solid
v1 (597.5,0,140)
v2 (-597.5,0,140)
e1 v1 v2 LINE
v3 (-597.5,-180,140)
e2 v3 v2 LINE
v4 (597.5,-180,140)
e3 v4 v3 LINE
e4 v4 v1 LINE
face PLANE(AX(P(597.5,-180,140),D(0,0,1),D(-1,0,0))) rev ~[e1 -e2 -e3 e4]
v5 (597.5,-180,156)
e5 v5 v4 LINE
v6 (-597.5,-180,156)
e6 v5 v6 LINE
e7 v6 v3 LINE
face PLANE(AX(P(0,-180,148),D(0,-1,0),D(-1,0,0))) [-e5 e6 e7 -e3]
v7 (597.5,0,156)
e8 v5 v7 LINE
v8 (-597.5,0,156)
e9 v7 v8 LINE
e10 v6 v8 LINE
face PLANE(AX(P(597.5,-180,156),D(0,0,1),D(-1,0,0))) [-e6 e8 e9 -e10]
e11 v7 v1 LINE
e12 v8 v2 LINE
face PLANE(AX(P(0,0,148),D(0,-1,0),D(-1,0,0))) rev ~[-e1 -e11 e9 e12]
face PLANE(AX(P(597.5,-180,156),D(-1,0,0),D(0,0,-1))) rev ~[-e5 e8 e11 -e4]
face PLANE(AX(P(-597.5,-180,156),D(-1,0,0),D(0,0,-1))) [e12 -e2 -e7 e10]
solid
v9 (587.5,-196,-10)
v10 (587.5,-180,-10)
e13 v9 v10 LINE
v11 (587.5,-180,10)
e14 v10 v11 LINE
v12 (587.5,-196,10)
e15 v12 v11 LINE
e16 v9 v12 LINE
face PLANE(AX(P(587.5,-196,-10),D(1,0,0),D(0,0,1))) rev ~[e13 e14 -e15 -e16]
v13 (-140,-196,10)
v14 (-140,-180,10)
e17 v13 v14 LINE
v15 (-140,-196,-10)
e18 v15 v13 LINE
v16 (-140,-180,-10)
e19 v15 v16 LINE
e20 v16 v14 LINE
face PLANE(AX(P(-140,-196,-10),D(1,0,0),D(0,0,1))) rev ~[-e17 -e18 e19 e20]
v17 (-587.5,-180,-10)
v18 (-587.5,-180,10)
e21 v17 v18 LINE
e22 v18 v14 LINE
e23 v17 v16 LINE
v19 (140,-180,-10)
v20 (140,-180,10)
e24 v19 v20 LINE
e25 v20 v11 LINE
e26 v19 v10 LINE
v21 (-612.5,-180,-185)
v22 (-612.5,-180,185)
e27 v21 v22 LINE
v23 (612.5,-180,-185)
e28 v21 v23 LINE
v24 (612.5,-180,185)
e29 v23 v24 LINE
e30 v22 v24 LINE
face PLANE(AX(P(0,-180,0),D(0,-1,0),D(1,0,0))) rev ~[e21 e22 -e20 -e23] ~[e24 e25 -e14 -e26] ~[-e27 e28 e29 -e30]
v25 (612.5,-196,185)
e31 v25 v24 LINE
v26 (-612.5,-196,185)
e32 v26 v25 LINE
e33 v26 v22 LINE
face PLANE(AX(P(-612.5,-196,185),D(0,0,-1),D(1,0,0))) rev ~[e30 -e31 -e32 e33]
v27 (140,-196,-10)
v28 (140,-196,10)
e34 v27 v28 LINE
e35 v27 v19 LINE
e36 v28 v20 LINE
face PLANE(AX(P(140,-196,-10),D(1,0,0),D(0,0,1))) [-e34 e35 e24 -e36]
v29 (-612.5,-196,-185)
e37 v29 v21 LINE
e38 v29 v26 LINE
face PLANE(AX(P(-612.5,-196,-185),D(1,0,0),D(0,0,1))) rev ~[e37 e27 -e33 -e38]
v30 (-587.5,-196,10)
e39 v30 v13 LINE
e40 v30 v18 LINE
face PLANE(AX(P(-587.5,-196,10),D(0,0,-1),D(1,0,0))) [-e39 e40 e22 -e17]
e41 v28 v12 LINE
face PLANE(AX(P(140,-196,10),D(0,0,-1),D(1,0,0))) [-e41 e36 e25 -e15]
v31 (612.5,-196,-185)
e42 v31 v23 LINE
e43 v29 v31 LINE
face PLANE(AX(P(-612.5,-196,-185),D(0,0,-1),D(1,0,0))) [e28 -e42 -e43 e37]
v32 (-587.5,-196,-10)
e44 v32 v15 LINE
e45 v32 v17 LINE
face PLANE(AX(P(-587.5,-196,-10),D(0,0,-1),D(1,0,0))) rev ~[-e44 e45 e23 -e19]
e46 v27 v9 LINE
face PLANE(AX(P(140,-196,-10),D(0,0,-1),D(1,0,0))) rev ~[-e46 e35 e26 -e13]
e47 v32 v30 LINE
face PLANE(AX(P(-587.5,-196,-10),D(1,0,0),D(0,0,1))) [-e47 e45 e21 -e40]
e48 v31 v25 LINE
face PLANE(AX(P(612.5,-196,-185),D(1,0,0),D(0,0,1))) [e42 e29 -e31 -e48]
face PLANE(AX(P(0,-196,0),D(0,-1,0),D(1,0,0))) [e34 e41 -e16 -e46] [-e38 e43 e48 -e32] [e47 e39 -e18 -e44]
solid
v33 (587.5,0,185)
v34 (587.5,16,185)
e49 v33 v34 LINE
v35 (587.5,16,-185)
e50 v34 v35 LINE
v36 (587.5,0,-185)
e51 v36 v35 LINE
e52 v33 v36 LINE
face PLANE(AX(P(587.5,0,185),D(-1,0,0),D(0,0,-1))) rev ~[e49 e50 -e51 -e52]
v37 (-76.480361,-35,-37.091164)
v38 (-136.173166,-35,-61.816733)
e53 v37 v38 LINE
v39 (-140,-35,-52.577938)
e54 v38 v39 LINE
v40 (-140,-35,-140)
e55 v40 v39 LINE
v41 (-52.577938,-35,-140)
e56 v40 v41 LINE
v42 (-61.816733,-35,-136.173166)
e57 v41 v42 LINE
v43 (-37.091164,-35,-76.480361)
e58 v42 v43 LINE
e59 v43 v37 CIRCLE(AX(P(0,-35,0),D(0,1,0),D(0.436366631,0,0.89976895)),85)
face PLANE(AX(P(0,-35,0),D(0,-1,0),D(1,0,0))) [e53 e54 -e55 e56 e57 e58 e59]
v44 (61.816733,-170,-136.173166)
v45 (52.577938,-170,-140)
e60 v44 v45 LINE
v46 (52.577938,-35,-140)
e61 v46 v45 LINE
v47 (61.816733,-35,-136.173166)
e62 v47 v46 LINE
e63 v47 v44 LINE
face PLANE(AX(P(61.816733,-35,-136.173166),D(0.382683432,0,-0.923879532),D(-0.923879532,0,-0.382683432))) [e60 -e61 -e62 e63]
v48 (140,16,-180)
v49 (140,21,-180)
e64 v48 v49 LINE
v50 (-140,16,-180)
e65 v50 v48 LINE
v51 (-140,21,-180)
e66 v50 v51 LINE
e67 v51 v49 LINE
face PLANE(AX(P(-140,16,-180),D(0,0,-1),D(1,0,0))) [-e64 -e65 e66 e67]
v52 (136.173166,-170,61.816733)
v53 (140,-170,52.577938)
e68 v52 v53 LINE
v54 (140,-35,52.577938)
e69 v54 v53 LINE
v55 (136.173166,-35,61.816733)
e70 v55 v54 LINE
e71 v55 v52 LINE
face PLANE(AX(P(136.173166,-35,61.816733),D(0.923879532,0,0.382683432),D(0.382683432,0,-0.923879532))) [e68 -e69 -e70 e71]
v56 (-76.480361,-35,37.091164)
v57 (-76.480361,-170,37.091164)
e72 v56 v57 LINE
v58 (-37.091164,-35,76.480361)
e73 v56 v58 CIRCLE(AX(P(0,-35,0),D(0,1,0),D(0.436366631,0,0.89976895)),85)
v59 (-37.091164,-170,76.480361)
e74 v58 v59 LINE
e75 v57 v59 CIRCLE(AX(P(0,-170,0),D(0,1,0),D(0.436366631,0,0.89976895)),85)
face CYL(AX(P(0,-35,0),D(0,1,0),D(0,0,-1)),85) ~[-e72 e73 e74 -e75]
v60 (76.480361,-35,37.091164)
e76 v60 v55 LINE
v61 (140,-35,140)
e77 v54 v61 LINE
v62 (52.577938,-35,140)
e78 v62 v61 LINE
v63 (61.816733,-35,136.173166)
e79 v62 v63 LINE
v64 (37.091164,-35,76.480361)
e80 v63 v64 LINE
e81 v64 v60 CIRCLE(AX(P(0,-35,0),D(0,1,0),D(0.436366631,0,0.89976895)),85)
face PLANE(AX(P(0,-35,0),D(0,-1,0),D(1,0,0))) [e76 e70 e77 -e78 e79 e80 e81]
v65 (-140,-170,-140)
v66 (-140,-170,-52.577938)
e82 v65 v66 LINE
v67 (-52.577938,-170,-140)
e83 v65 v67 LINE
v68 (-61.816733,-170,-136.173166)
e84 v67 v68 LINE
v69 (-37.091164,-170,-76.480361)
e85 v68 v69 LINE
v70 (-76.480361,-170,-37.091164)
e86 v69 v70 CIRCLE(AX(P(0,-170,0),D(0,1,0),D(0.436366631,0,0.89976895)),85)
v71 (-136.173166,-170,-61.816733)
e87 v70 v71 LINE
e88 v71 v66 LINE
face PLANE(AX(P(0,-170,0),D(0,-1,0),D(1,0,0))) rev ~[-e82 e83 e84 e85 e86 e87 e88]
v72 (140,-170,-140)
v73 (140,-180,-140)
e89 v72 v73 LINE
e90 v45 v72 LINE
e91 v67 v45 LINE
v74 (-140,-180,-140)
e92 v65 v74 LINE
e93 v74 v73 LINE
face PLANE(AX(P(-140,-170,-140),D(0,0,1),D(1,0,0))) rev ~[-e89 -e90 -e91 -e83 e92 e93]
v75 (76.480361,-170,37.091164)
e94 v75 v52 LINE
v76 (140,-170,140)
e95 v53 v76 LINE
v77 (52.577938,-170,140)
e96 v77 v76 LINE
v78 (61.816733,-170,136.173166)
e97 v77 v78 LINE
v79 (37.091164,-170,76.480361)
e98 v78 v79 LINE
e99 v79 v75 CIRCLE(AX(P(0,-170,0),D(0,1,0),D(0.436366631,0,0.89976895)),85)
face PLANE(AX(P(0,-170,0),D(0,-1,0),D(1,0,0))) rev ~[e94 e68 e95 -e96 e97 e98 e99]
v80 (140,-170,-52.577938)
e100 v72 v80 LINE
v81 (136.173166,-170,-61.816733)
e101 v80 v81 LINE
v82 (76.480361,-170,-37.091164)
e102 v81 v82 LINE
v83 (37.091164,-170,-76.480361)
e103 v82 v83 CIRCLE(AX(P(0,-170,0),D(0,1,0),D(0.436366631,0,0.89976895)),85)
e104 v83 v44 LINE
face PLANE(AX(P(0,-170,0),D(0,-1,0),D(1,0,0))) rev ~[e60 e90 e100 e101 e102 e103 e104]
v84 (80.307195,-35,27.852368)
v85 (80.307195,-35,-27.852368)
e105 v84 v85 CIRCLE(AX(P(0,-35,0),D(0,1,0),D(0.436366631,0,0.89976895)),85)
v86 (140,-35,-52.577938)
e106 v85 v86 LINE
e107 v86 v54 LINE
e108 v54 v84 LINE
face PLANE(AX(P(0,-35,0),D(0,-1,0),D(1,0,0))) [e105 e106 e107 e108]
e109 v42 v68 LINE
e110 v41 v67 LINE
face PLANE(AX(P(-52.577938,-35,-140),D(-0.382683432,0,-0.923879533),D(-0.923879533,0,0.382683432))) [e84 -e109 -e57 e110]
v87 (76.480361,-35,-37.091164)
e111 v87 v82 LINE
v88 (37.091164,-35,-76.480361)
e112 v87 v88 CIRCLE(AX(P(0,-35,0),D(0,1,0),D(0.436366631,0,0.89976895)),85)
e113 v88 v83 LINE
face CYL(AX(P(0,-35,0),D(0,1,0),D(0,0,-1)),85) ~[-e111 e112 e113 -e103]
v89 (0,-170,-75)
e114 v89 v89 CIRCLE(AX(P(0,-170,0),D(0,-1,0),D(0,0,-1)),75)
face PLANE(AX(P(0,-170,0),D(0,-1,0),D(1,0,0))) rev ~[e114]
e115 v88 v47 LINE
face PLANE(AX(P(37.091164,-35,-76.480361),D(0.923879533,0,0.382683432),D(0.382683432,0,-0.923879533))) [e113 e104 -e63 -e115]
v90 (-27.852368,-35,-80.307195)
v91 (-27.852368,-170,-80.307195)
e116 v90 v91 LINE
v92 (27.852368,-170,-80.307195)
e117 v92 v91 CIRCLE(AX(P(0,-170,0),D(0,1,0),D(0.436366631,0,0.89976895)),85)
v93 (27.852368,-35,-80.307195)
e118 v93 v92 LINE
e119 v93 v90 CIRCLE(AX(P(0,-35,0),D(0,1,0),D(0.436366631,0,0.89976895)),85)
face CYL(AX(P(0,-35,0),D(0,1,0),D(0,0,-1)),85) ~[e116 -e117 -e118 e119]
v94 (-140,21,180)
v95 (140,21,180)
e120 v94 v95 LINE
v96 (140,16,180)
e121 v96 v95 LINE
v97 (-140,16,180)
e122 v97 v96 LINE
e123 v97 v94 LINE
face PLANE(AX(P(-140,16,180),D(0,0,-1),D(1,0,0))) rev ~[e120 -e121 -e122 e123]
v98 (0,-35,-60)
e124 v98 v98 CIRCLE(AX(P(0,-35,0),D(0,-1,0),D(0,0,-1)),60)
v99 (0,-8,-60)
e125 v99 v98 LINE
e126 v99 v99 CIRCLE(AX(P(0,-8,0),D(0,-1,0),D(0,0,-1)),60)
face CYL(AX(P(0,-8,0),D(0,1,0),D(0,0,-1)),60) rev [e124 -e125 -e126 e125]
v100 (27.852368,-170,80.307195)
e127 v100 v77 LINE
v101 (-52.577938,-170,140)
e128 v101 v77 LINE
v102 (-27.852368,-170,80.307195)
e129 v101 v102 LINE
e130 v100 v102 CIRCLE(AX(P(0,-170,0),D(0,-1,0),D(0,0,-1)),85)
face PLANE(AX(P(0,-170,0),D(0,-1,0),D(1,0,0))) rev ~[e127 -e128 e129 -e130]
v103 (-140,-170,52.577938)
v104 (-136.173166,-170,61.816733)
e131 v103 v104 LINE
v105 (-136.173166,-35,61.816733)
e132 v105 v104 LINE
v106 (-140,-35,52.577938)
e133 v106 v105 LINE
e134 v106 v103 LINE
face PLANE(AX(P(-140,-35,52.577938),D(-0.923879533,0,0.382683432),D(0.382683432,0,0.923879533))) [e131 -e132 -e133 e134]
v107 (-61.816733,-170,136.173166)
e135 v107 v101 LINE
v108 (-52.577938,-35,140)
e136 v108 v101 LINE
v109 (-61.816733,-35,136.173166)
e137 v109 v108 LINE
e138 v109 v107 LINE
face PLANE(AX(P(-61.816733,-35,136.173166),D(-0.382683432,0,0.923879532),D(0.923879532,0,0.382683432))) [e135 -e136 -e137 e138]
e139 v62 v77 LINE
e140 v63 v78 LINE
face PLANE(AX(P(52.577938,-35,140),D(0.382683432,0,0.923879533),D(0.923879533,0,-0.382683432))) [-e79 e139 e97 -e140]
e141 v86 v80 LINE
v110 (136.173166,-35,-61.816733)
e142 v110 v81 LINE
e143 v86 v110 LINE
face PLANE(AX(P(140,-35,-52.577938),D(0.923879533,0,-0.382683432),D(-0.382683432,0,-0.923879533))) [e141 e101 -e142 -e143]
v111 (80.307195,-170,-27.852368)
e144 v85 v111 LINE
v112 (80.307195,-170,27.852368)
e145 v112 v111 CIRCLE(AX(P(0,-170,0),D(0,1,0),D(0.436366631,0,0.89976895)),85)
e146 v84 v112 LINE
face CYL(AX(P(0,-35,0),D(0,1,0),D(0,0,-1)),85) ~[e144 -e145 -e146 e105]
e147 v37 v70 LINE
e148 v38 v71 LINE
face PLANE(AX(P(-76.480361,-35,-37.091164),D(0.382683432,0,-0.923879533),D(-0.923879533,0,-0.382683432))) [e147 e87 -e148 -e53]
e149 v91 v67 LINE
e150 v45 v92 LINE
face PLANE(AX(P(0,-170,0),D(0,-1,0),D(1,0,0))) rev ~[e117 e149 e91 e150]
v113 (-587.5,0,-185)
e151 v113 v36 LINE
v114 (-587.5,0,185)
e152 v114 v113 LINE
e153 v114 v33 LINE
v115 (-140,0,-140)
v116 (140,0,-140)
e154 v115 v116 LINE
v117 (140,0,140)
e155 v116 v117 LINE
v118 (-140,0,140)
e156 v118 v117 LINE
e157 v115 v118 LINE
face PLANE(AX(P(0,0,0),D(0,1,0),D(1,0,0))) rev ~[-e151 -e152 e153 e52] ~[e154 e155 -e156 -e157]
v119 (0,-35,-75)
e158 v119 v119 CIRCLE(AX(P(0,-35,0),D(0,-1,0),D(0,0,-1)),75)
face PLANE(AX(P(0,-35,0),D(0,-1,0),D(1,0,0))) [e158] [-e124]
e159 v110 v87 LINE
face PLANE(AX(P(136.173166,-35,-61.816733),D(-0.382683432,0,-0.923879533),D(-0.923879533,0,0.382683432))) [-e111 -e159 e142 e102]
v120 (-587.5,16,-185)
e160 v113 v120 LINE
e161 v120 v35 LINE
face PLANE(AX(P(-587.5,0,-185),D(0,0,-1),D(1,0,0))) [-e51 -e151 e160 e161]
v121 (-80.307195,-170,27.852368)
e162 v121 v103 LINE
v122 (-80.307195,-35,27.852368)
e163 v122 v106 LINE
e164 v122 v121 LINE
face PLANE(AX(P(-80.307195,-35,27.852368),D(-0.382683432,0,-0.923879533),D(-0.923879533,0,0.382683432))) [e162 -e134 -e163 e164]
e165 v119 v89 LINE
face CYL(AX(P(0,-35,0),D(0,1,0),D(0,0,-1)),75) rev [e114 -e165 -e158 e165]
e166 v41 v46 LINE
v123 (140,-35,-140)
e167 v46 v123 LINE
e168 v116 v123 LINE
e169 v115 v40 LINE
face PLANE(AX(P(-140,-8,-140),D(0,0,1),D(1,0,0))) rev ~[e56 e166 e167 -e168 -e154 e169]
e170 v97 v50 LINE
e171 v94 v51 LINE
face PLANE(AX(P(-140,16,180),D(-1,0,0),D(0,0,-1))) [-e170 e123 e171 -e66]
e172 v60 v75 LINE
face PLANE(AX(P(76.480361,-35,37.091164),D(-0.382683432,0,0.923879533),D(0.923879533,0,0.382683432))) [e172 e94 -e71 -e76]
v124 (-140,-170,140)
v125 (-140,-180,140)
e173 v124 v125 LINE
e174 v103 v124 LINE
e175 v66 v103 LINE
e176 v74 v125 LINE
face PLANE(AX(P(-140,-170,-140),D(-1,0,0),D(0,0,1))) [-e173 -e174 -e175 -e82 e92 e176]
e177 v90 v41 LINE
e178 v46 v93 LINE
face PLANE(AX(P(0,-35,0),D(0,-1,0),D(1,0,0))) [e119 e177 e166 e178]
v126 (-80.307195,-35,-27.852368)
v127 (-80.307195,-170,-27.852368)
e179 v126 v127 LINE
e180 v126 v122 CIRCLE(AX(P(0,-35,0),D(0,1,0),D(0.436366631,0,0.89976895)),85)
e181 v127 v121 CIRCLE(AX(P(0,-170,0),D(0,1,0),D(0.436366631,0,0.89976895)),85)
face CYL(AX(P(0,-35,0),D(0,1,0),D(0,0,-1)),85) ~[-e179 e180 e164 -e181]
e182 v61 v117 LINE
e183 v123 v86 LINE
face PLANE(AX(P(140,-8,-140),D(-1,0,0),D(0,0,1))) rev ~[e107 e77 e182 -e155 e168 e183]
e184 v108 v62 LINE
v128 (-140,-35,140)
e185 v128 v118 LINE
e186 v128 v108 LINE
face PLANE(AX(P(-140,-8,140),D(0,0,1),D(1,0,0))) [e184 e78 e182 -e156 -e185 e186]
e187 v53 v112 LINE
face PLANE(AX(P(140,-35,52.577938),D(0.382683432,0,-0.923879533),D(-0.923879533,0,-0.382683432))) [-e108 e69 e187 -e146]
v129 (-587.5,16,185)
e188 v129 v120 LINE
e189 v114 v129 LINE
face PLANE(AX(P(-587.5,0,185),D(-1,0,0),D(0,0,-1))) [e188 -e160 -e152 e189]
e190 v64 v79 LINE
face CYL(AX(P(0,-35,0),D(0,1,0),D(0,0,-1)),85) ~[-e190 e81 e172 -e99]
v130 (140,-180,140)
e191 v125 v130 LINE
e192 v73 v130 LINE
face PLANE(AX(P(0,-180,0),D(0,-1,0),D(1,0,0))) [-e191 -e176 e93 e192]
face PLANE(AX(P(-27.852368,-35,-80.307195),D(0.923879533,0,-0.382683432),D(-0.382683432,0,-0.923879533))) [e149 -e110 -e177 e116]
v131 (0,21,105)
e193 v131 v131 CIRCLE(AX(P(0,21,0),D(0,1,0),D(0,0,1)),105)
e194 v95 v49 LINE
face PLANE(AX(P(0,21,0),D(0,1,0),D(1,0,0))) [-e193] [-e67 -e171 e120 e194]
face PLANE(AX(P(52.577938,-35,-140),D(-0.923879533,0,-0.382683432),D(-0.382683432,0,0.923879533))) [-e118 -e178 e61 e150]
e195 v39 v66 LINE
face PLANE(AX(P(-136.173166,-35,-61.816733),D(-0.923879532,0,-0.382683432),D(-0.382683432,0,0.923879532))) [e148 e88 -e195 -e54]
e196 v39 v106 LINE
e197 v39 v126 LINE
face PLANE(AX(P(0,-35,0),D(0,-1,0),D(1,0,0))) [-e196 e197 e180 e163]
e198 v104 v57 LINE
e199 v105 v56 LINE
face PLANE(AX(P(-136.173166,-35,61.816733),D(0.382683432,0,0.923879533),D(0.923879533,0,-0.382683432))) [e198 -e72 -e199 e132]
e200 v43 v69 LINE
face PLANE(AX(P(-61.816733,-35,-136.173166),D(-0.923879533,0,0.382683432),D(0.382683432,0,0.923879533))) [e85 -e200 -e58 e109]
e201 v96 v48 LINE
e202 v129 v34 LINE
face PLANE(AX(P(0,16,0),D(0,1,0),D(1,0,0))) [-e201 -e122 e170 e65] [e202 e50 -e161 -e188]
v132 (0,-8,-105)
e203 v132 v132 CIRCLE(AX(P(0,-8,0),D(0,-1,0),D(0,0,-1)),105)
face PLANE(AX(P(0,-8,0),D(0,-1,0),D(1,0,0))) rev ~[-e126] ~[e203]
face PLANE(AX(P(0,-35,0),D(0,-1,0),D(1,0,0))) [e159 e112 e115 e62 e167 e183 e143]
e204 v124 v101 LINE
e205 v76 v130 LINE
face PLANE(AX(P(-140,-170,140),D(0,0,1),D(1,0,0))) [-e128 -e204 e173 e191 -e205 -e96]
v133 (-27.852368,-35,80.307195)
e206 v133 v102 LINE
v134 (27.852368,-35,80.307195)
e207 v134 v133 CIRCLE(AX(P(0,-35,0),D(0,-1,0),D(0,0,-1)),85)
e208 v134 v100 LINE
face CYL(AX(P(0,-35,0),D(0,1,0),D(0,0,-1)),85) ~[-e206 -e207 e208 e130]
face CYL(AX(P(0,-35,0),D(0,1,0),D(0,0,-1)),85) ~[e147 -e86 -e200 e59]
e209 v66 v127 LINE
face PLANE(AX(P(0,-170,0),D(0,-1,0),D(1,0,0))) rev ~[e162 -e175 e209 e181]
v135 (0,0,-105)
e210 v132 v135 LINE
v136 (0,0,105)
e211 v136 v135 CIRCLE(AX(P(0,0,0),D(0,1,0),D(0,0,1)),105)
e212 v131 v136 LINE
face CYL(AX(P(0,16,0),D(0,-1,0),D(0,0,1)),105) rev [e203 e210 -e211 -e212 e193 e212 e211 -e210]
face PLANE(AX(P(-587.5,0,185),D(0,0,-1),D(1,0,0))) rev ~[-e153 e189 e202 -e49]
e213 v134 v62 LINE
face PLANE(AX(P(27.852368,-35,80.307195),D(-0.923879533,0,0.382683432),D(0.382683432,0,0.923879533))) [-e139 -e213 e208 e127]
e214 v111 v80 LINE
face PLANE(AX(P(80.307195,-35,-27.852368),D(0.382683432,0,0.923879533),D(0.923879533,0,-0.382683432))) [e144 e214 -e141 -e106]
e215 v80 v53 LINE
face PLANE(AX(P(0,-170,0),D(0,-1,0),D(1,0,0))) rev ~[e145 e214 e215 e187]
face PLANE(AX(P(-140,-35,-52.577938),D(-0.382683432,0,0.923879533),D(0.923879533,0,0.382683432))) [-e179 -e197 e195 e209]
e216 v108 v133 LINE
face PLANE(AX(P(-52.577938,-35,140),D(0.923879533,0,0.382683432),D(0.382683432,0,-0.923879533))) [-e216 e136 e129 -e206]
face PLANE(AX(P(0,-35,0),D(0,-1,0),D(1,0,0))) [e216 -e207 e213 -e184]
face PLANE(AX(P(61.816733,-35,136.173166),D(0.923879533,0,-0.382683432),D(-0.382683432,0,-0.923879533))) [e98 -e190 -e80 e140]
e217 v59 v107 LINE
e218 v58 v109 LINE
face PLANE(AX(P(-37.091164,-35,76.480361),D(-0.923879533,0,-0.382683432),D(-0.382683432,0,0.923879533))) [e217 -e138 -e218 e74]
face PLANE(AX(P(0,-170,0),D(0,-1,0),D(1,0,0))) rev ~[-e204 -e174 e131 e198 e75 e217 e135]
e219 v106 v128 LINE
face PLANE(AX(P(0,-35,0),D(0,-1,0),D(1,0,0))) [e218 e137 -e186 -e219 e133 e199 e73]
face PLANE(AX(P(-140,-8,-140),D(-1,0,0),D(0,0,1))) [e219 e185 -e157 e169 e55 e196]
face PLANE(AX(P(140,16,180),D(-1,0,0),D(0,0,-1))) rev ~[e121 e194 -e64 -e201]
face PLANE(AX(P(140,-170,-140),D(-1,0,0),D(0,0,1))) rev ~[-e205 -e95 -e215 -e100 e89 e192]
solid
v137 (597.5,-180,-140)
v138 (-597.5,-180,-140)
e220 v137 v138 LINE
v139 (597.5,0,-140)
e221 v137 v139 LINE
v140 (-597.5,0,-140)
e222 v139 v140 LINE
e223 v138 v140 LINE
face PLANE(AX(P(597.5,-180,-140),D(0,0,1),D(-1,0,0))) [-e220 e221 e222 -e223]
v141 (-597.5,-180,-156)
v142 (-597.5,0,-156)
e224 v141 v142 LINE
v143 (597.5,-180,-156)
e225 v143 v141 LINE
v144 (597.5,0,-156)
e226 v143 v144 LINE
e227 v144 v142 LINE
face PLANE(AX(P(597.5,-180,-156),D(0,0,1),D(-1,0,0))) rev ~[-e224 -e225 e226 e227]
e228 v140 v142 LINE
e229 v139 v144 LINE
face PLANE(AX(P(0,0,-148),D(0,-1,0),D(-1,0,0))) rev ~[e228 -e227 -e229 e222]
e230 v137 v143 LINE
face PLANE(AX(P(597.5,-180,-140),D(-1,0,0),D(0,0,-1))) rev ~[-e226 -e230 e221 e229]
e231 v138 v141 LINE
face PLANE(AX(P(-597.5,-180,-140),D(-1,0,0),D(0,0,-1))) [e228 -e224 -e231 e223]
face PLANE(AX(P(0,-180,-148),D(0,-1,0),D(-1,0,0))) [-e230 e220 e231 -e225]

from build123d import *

# Parameters (mm, degrees)
SKETCH_1_W               = 1175
SKETCH_1_H               = 370
SKETCH_1_R               = 105
EXTRUDE_1_DEPTH          = 16
SKETCH_6_W               = 280
SKETCH_6_H               = 360
SKETCH_6_R               = 105
EXTRUDE_5_DEPTH          = 5
EXTRUDE_START            = 8
SKETCH_7_W               = 280
SKETCH_7_H               = 280
SKETCH_7_R               = 105
EXTRUDE_6_DEPTH          = 8
SKETCH_8_W               = 280
SKETCH_8_H               = 280
SKETCH_8_R               = 60
EXTRUDE_7_DEPTH          = 27
SKETCH_9_R               = 85
SKETCH_9_R_2             = 75
EXTRUDE_8_DEPTH          = 135
EXTRUDE_9_DEPTH          = 135
PATTERN_CIRCULAR_1_COUNT = 8
SKETCH_11_W              = 280
SKETCH_11_H              = 280
EXTRUDE_10_DEPTH         = 10
SKETCH_15_W              = 1195
SKETCH_15_H              = 16
EXTRUDE_14_DEPTH         = 180
EXTRUDE_14_2_DEPTH       = 180
SKETCH_16_W              = 1225
SKETCH_16_H              = 370
EXTRUDE_39_DEPTH         = 16
SKETCH_17_W              = 447.5
SKETCH_17_H              = 20
CUT_EXTRUDE_1_DEPTH      = 16


with BuildPart() as part:
    # 草图1 → 凸台-拉伸1 (new body)
    with BuildSketch(Plane(origin=(0, 0, 0), x_dir=(1, 0, 0), z_dir=(0, 1, 0))):
        Rectangle(SKETCH_1_W, SKETCH_1_H)
        with Locations(Location((0, 0, 0), (0, 0, 270))):
            Circle(SKETCH_1_R, mode=Mode.SUBTRACT)
    extrude(amount=EXTRUDE_1_DEPTH)

    # 草图6 → 凸台-拉伸5 (add)
    with BuildSketch(Plane(origin=(0, 16, 0), x_dir=(1, 0, 0), z_dir=(0, 1, 0))):
        Rectangle(SKETCH_6_W, SKETCH_6_H)
        with Locations(Location((0, 0, 0), (0, 0, 270))):
            Circle(SKETCH_6_R, mode=Mode.SUBTRACT)
    extrude(amount=EXTRUDE_5_DEPTH)

    # 草图7 → 凸台-拉伸6 (add)
    with BuildSketch(Plane.XZ.offset(EXTRUDE_START)):
        Rectangle(SKETCH_7_W, SKETCH_7_H)
        with Locations(Location((0, 0, 0), (0, 0, 270))):
            Circle(SKETCH_7_R, mode=Mode.SUBTRACT)
    extrude(amount=-EXTRUDE_6_DEPTH)

    # 草图8 → 凸台-拉伸7 (add)
    with BuildSketch(Plane.XZ.offset(8)):
        Rectangle(SKETCH_8_W, SKETCH_8_H)
        with Locations(Location((0, 0, 0), (0, 0, 270))):
            Circle(SKETCH_8_R, mode=Mode.SUBTRACT)
    extrude(amount=EXTRUDE_7_DEPTH)

    # 草图9 → 凸台-拉伸8 (add)
    with BuildSketch(Plane.XZ.offset(35)):
        with Locations(Location((0, 0, 0), (0, 0, 270))):
            Circle(SKETCH_9_R)
        with Locations(Location((0, 0, 0), (0, 0, 270))):
            Circle(SKETCH_9_R_2, mode=Mode.SUBTRACT)
    extrude(amount=EXTRUDE_8_DEPTH)

    # 草图10 → 凸台-拉伸9 (add)
    with BuildSketch(Plane(origin=(0, -35, 0), x_dir=(-1, 0, 0), z_dir=(0, -1, 0))):
        with BuildLine():
            Line((61.816733056, -136.173165676), (52.577937731, -140))
            Line((52.577937731, -140), (27.852368346, -80.307195054))
            ThreePointArc((27.852368346, -80.307195054), (32.528091751, -78.529760263), (37.091163671, -76.480360731))
            Line((37.091163671, -76.480360731), (61.816733056, -136.173165676))
        make_face()
    extrude_9 = extrude(amount=EXTRUDE_9_DEPTH)

    # 阵列(圆周)1: 凸台-拉伸9 ×8 about axis
    pattern_circular_1_axis = Axis((0, 0, 0), (0, 1, 0))
    for i in range(1, PATTERN_CIRCULAR_1_COUNT):
        add(extrude_9.rotate(pattern_circular_1_axis, i * 360 / PATTERN_CIRCULAR_1_COUNT))

    # 草图11 → 凸台-拉伸10 (add)
    with BuildSketch(Plane.XZ.offset(170)):
        Rectangle(SKETCH_11_W, SKETCH_11_H)
    extrude(amount=EXTRUDE_10_DEPTH)


with BuildPart() as body_2:
    # 草图15 → 凸台-拉伸14 (new body)
    with BuildSketch(Plane(origin=(0, -180, 0), x_dir=(-1, 0, 0), z_dir=(0, -1, 0))):
        with Locations((0, -148)):
            Rectangle(SKETCH_15_W, SKETCH_15_H)
    extrude(amount=-EXTRUDE_14_DEPTH)


with BuildPart() as body_3:
    # 草图15 → Extrude 14 2 (new body)
    with BuildSketch(Plane(origin=(0, -180, 0), x_dir=(-1, 0, 0), z_dir=(0, -1, 0))):
        with Locations((0, 148)):
            Rectangle(SKETCH_15_W, SKETCH_15_H)
    extrude(amount=-EXTRUDE_14_2_DEPTH)


with BuildPart() as body_4:
    # 草图16 → 凸台-拉伸39 (new body)
    with BuildSketch(Plane.XZ.offset(196)):
        Rectangle(SKETCH_16_W, SKETCH_16_H)
    extrude(amount=-EXTRUDE_39_DEPTH)

    # 草图17 → 切除-拉伸1 (cut)
    with BuildSketch(Plane.XZ.offset(196)):
        with Locations((-363.75, 0)):
            Rectangle(SKETCH_17_W, SKETCH_17_H)
        with Locations((363.75, 0)):
            Rectangle(SKETCH_17_W, SKETCH_17_H)
    extrude(amount=-CUT_EXTRUDE_1_DEPTH, mode=Mode.SUBTRACT)


solid = Compound([part.part, body_2.part, body_3.part, body_4.part])
